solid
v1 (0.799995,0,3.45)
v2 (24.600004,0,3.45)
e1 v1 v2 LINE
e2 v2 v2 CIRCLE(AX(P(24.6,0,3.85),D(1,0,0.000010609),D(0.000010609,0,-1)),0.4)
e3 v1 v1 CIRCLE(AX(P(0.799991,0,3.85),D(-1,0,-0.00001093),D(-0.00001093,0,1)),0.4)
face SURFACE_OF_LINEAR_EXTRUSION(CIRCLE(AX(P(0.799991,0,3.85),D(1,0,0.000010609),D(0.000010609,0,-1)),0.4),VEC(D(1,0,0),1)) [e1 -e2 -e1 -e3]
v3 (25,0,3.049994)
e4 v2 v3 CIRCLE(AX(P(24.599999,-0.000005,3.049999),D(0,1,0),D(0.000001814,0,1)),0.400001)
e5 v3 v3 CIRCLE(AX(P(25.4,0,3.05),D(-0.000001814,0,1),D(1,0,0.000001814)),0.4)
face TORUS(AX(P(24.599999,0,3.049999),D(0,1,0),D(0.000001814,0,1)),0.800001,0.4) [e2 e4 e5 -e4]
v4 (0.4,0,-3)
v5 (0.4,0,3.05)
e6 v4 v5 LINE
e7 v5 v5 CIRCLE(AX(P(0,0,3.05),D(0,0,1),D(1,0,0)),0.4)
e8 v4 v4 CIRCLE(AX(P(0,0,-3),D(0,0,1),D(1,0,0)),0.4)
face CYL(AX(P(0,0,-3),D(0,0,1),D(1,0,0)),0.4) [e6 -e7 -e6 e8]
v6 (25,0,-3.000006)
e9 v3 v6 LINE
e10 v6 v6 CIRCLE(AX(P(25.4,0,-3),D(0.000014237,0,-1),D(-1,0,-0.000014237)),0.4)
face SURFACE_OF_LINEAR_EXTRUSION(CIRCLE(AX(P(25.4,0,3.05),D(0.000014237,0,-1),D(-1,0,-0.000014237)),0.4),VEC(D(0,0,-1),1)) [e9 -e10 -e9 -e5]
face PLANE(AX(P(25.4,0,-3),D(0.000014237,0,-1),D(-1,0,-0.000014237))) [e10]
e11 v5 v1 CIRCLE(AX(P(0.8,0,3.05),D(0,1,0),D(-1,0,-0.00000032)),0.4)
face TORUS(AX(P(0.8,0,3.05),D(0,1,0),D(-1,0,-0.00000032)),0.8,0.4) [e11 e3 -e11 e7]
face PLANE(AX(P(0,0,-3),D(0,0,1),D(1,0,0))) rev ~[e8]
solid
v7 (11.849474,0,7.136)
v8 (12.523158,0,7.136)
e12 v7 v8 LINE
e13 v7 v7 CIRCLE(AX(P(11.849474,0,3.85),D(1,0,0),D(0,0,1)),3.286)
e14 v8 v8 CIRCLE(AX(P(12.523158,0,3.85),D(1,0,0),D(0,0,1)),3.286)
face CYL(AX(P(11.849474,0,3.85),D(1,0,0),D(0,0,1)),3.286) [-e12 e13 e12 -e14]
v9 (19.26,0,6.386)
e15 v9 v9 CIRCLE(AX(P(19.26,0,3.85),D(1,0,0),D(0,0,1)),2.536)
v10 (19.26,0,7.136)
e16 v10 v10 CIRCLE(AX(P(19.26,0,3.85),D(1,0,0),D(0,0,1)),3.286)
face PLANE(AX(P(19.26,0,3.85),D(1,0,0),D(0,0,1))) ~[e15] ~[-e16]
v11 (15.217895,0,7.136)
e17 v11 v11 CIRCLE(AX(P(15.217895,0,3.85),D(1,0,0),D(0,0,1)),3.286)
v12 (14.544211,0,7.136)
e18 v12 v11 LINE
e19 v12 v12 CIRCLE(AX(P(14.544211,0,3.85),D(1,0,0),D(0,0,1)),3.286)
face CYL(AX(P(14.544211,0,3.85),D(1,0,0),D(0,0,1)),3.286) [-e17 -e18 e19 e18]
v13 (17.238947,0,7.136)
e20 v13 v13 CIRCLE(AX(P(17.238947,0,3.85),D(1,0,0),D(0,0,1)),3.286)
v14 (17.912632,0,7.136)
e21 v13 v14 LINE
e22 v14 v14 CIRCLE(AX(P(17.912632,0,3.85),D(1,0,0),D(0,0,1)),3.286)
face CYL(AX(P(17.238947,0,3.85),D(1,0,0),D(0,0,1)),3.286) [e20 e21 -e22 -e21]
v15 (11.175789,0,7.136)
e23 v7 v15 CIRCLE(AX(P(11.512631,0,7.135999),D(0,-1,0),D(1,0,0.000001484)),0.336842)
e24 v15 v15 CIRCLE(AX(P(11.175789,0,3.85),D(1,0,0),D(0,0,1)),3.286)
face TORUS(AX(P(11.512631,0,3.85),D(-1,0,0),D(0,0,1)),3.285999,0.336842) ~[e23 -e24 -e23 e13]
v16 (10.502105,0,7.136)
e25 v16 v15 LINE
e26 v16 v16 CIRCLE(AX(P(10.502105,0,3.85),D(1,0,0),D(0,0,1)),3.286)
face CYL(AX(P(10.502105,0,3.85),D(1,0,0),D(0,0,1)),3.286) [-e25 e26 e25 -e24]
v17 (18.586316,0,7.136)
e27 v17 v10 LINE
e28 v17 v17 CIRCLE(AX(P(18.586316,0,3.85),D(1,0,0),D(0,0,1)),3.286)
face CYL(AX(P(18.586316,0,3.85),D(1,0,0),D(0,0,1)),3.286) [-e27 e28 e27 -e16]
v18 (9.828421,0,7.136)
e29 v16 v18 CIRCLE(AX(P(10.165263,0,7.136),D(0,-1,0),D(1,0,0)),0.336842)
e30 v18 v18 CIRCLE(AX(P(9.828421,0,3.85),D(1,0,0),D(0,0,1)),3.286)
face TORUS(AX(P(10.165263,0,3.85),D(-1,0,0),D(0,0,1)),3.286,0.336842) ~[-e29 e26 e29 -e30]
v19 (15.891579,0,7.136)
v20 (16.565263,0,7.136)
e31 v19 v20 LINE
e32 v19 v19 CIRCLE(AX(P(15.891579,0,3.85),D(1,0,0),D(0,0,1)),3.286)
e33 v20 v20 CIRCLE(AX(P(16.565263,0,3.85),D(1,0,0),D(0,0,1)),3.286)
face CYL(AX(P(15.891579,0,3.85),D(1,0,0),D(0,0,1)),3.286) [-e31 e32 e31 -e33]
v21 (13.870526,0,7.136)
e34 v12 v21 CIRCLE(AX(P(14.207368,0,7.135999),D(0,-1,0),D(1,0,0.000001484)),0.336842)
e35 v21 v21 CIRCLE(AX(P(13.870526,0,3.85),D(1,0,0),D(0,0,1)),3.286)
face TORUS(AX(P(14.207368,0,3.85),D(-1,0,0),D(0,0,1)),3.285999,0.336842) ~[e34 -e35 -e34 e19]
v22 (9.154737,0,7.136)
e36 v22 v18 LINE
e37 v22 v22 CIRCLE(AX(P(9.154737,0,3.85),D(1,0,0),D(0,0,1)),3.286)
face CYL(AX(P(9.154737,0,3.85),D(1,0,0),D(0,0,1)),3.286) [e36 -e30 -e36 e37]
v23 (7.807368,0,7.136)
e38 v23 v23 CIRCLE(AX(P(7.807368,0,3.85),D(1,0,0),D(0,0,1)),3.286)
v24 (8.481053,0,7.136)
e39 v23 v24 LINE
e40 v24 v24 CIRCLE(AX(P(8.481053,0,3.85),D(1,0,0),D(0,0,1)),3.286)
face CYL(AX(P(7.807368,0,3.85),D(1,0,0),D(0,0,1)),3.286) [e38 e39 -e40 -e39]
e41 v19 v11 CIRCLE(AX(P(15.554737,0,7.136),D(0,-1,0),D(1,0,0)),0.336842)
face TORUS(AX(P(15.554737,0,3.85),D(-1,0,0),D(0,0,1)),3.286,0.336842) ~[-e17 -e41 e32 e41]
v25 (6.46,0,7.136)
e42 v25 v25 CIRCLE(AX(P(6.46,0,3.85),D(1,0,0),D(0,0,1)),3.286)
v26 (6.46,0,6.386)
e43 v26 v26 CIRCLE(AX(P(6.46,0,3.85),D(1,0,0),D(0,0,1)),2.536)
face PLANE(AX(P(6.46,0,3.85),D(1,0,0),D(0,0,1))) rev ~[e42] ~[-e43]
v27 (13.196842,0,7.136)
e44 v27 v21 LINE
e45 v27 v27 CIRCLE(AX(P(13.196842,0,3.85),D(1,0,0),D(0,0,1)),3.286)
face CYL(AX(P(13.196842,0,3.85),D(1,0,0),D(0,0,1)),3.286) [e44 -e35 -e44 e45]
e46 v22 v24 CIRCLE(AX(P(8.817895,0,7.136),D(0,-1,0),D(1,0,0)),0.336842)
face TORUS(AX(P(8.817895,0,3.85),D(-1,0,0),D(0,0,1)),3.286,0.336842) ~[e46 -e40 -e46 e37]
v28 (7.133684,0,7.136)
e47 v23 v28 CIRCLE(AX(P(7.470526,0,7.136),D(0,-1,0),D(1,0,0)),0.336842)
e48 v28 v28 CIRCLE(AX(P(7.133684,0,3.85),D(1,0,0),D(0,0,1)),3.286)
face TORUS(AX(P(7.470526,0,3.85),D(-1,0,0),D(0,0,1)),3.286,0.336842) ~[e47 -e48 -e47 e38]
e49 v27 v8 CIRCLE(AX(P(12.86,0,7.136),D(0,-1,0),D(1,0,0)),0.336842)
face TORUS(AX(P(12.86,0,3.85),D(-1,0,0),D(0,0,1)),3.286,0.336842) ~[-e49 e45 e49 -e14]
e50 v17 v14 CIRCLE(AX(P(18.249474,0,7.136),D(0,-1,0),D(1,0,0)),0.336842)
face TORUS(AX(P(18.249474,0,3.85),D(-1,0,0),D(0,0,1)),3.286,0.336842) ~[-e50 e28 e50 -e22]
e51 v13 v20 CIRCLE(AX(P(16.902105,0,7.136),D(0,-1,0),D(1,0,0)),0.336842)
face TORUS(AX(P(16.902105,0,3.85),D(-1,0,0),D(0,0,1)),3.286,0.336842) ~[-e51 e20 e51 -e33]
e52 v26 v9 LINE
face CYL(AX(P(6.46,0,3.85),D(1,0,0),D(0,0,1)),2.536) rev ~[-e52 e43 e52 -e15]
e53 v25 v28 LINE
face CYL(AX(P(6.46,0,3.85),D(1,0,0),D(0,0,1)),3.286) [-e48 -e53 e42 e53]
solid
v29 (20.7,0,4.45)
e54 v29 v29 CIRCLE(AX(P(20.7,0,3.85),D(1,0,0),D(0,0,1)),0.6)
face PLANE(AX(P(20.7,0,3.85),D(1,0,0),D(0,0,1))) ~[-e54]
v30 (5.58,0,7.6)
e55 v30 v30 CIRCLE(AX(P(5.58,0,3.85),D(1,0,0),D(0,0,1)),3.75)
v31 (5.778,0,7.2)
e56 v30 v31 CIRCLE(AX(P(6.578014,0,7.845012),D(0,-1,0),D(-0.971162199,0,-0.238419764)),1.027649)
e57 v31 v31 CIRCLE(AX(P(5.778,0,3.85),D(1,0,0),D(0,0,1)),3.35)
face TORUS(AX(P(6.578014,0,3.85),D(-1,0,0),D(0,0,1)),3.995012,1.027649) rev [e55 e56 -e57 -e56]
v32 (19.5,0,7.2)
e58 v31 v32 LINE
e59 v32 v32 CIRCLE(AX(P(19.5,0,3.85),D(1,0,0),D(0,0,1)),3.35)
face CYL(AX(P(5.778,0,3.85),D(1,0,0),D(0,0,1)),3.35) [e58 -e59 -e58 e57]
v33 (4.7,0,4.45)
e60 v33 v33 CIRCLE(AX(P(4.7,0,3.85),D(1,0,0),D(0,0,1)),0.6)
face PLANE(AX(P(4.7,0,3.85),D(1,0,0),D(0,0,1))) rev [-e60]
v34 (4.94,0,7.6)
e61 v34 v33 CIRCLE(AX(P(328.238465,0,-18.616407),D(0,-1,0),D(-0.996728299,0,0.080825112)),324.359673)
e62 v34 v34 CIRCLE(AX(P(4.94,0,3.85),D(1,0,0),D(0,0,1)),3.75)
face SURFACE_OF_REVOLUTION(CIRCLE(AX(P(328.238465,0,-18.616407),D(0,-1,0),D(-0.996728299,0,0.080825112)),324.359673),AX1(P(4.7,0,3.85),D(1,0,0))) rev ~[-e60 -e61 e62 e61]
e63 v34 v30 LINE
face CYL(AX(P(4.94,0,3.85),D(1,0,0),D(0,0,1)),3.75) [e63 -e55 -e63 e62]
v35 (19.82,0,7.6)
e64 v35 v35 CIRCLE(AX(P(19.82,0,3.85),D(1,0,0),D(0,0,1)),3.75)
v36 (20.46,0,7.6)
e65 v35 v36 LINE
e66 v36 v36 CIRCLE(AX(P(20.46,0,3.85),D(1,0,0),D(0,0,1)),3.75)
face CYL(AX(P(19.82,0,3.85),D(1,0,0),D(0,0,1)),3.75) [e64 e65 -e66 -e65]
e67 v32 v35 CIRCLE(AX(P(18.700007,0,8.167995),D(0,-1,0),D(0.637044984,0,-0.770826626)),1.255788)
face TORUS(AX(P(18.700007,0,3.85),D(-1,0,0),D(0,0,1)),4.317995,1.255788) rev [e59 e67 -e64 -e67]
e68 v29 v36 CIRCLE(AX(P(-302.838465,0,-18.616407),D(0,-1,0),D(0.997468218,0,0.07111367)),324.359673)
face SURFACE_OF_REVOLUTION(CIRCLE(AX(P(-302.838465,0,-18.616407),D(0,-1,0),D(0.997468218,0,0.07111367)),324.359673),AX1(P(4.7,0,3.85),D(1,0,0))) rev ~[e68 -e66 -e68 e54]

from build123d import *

# Parameters (mm, degrees)
SKETCH_R = 0.4


with BuildPart() as revolution:
    # Sketch002 → Revolution (revolve)
    with BuildSketch(Plane.XZ):
        with BuildLine():
            Line((4.94, 7.6), (5.58, 7.6))
            ThreePointArc((5.58, 7.6), (5.657022, 7.389121), (5.778, 7.2))
            Line((5.778, 7.2), (19.5, 7.2))
            ThreePointArc((19.5, 7.2), (19.680612, 7.38351), (19.82, 7.6))
            Line((19.82, 7.6), (20.46, 7.6))
            ThreePointArc((20.7, 4.45), (20.583835, 6.025292), (20.46, 7.6))
            Line((20.7, 3.85), (20.7, 4.45))
            Line((4.7, 3.85), (20.7, 3.85))
            Line((4.7, 3.85), (4.7, 4.45))
            ThreePointArc((4.94, 7.6), (4.816165, 6.025292), (4.7, 4.45))
        make_face()
    revolve(axis=Axis((4.7, 0, 3.85), (1, 0, 0)))


with BuildPart() as sweep_body:
    # Sweep: sweep along a path in Sketch001
    with BuildLine(Plane.XZ) as sweep_path:
        Line((0, -3), (0, 3.05))
        ThreePointArc((0, 3.05), (0.234311, 3.615682), (0.799991, 3.85))
        Line((0.799991, 3.85), (24.6, 3.85))
        ThreePointArc((24.6, 3.85), (25.165685, 3.615685), (25.4, 3.05))
        Line((25.4, 3.05), (25.4, -3))
    # Sketch → Sweep (sweep)
    with BuildSketch(Plane.XY.offset(-2)):
        Circle(SKETCH_R)
    sweep(path=sweep_path.line)


with BuildPart() as revolution001:
    # Sketch003 → Revolution001 (revolve)
    with BuildSketch(Plane.XZ):
        with BuildLine():
            ThreePointArc((7.807368, 7.136), (7.470526, 7.472842), (7.133684, 7.136))
            Line((6.46, 7.136), (7.133684, 7.136))
            Line((6.46, 7.136), (6.46, 6.386))
            Line((6.46, 6.386), (19.26, 6.386))
            Line((19.26, 6.386), (19.26, 7.136))
            Line((18.586316, 7.136), (19.26, 7.136))
            ThreePointArc((18.586316, 7.136), (18.249474, 7.472842), (17.912632, 7.136))
            Line((17.238947, 7.136), (17.912632, 7.136))
            ThreePointArc((17.238947, 7.136), (16.902105, 7.472842), (16.565263, 7.136))
            Line((15.891579, 7.136), (16.565263, 7.136))
            ThreePointArc((15.891579, 7.136), (15.554737, 7.472842), (15.217895, 7.136))
            Line((14.544211, 7.136), (15.217895, 7.136))
            ThreePointArc((14.544211, 7.136), (14.207368, 7.472842), (13.870526, 7.136))
            Line((13.196842, 7.136), (13.870526, 7.136))
            ThreePointArc((13.196842, 7.136), (12.86, 7.472842), (12.523158, 7.136))
            Line((11.849474, 7.136), (12.523158, 7.136))
            ThreePointArc((11.849474, 7.136), (11.512632, 7.472842), (11.175789, 7.136))
            Line((10.502105, 7.136), (11.175789, 7.136))
            ThreePointArc((10.502105, 7.136), (10.165263, 7.472842), (9.828421, 7.136))
            Line((9.154737, 7.136), (9.828421, 7.136))
            ThreePointArc((9.154737, 7.136), (8.817895, 7.472842), (8.481053, 7.136))
            Line((7.807368, 7.136), (8.481053, 7.136))
        make_face()
    revolve(axis=Axis((5.1, 0, 3.85), (1, 0, 0)))


solid = Compound([revolution.part, sweep_body.part, revolution001.part])
